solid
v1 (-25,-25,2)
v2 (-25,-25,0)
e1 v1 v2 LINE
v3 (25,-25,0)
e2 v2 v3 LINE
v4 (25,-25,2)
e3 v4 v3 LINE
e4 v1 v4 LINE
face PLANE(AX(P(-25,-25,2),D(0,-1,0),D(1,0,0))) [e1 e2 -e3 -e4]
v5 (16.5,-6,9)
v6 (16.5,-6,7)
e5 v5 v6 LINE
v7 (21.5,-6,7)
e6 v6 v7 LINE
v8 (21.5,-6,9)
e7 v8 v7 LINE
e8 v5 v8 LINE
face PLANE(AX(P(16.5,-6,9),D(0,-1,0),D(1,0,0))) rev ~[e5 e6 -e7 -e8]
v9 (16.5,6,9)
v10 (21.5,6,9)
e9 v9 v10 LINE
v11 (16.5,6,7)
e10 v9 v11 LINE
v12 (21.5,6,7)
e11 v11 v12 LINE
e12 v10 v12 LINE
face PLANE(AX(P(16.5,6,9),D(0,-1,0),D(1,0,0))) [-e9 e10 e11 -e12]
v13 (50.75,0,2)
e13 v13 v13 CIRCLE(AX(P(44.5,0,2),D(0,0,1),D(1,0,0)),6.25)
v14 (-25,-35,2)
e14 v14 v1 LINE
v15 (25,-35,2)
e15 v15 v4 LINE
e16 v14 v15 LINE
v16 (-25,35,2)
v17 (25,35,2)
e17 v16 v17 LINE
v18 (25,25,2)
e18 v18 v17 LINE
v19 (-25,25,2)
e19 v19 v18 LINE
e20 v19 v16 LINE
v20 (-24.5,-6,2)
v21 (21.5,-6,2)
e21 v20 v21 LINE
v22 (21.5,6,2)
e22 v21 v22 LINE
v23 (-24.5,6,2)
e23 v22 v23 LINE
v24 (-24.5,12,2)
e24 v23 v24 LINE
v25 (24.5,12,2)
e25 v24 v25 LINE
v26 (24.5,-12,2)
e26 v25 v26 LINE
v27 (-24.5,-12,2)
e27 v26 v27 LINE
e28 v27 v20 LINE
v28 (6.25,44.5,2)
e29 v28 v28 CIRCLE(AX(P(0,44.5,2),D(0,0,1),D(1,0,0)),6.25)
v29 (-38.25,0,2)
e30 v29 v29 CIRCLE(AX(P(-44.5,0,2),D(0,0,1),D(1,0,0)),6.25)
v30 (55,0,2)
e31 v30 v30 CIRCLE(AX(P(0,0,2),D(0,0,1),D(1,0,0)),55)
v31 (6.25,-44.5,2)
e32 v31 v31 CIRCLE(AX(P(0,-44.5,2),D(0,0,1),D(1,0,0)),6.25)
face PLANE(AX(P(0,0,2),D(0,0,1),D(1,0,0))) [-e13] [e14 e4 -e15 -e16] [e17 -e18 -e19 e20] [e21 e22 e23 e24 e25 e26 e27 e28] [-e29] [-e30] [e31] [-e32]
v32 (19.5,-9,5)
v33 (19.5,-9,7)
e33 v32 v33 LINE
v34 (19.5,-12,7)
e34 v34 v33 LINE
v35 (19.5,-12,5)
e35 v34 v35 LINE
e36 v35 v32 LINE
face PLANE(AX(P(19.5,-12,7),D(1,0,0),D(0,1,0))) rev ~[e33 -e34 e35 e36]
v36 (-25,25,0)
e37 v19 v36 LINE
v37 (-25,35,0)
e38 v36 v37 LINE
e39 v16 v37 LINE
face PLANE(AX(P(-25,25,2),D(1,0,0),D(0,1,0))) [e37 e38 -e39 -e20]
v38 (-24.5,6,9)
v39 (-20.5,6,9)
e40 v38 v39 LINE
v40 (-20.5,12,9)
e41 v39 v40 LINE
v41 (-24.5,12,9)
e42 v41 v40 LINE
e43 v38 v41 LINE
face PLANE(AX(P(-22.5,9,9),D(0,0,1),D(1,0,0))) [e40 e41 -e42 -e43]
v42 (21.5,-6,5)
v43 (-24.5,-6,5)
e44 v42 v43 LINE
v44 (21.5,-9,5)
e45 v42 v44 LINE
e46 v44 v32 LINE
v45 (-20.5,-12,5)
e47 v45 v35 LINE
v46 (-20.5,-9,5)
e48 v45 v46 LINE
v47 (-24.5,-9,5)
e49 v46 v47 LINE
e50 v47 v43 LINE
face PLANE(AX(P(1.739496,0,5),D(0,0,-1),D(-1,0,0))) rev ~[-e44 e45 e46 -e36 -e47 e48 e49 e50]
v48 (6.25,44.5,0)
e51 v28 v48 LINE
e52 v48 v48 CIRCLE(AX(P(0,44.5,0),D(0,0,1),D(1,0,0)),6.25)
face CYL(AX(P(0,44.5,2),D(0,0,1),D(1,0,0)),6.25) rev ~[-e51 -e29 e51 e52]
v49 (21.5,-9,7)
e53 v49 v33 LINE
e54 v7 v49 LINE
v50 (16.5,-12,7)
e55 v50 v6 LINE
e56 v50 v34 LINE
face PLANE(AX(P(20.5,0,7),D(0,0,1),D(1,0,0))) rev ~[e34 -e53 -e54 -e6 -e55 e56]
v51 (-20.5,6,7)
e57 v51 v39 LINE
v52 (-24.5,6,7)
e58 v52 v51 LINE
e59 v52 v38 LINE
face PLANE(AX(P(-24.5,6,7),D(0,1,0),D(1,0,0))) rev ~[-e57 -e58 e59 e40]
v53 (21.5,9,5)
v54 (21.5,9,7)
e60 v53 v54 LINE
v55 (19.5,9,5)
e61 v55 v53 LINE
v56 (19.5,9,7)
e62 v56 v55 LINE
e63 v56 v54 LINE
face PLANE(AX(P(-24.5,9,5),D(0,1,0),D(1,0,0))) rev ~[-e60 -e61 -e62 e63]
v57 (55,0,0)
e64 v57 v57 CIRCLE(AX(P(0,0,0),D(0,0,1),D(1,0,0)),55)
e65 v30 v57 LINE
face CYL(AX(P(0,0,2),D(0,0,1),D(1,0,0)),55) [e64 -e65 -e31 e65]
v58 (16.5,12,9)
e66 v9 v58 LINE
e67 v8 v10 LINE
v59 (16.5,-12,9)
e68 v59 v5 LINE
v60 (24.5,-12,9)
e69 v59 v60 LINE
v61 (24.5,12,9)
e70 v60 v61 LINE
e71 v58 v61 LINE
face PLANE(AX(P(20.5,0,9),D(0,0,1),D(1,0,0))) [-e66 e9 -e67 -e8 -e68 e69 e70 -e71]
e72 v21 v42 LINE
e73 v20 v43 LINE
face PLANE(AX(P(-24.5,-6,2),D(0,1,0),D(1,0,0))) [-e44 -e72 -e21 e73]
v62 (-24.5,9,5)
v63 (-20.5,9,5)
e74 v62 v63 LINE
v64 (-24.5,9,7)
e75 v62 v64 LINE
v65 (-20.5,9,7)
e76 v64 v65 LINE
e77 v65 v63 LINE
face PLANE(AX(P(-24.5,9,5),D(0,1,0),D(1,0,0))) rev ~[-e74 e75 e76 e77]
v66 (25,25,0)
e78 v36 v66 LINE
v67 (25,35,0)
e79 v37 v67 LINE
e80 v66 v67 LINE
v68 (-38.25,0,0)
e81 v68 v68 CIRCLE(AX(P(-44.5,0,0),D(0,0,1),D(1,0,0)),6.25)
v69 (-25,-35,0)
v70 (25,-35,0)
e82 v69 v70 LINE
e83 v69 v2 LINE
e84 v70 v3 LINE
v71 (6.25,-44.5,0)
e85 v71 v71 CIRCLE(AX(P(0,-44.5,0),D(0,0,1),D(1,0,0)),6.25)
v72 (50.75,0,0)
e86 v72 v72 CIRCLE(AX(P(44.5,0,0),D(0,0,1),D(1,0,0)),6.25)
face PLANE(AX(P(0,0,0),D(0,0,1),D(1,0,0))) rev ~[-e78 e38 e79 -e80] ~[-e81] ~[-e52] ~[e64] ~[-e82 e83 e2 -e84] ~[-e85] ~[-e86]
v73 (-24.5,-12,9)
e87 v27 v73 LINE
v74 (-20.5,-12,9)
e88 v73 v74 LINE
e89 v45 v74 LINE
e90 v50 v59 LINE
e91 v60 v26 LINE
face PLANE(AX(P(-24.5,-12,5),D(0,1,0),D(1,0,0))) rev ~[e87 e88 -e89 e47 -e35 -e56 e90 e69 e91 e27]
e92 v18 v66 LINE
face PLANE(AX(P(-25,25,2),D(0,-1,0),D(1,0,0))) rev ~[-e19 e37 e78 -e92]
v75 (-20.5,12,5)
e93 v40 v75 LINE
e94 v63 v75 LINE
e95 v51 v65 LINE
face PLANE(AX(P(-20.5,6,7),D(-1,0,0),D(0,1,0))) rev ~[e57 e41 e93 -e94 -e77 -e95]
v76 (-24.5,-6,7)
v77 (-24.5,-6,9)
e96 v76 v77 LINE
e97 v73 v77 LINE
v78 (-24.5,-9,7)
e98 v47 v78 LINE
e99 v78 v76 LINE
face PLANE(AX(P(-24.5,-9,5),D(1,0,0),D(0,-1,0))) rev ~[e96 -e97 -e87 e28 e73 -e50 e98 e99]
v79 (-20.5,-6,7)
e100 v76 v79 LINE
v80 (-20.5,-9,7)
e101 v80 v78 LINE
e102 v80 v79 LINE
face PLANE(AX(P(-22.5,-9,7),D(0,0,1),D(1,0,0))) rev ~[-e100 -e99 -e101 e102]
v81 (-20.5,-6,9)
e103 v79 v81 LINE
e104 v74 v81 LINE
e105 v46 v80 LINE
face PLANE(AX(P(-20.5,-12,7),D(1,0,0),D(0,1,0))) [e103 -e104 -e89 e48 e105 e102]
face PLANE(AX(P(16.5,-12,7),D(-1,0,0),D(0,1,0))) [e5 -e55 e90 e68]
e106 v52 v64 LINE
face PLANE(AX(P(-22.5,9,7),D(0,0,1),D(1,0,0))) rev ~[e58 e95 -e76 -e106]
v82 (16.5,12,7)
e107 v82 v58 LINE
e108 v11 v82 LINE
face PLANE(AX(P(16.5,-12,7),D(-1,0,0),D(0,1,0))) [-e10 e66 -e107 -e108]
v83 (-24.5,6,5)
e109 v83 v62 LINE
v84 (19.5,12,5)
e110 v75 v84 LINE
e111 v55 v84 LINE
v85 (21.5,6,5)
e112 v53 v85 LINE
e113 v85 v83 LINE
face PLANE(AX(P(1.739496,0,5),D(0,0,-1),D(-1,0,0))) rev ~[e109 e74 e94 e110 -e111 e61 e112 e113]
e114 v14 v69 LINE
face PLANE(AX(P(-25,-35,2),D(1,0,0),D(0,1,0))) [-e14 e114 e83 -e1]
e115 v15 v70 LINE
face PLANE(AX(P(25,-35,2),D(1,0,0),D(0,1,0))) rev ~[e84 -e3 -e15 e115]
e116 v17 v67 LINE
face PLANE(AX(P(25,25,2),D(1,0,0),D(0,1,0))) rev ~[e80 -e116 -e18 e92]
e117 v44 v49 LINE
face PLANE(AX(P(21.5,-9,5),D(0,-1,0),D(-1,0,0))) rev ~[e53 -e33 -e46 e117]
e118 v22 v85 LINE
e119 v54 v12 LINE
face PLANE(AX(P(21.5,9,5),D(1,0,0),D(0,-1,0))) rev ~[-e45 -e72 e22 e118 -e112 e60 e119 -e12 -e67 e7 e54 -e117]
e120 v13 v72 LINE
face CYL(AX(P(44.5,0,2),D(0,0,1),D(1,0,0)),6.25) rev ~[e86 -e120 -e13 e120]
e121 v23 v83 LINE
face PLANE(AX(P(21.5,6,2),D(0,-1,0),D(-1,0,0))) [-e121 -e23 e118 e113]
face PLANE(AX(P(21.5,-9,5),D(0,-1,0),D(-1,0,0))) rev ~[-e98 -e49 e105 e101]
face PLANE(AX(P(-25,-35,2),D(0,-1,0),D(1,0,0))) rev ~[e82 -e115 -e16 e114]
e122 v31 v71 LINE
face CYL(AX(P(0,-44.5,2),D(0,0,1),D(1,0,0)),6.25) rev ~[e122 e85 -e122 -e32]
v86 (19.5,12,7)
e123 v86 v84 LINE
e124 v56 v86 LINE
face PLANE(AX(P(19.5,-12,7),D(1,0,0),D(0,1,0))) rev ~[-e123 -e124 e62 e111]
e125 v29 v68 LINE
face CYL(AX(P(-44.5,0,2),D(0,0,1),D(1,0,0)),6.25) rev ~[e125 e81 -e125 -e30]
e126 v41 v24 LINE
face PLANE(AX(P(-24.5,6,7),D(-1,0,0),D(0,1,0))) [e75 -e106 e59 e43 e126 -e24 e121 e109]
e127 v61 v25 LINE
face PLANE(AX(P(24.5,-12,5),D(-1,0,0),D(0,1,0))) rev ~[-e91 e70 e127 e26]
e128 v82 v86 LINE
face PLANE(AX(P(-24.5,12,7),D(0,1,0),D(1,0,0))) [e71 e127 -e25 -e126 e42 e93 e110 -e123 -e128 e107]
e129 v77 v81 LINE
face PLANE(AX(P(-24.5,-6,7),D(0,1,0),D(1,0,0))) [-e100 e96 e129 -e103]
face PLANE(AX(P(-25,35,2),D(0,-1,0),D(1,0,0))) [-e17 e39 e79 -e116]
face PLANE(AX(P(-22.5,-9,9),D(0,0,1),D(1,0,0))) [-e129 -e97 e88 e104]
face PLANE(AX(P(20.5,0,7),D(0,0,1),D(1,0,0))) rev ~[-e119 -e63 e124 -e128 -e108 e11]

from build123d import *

# Parameters (mm, degrees)
SKETCH4_R            = 59
BOSS_EXTRUDE3_DEPTH  = 2
SKETCH5_R            = 1.375
BOSS_EXTRUDE5_DEPTH  = 7
SKETCH8_R            = 2.375
BOSS_EXTRUDE6_DEPTH  = 2
BOSS_EXTRUDE7_DEPTH  = 18
SKETCH10_R           = 7.5
CUT_EXTRUDE1_DEPTH   = 18
SKETCH12_R           = 57.5
CUT_EXTRUDE2_DEPTH   = 5
CUT_EXTRUDE3_DEPTH   = 5.5
SKETCH14_R           = 44.428135616
CUT_EXTRUDE4_DEPTH   = 32
BOSS_EXTRUDE8_DEPTH  = 3
BOSS_EXTRUDE9_DEPTH  = 2
SKETCH18_W           = 40
SKETCH18_H           = 24
CUT_EXTRUDE5_DEPTH   = 2
SKETCH19_W           = 4
SKETCH19_H           = 6
SKETCH19_W_2         = 8
SKETCH19_H_2         = 24
BOSS_EXTRUDE10_DEPTH = 2
SKETCH20_R           = 71.034408428
SKETCH20_R_2         = 50.972397724
CUT_EXTRUDE6_DEPTH   = 57
SKETCH21_R           = 79.144233261
SKETCH21_R_2         = 57
CUT_EXTRUDE8_DEPTH   = 57
BOSS_EXTRUDE11_DEPTH = 22
SKETCH24_R           = 89.588110905
SKETCH24_R_2         = 57
CUT_EXTRUDE12_DEPTH  = 75
SKETCH25_R           = 63.08525578
SKETCH25_R_2         = 55
CUT_EXTRUDE13_DEPTH  = 10
SKETCH26_R           = 62.71577626
SKETCH26_R_2         = 55
CUT_EXTRUDE14_DEPTH  = 43
SKETCH27_R           = 8.628716001
SKETCH27_R_2         = 7.77122145
SKETCH27_R_3         = 11.532169803
SKETCH27_R_4         = 7.052668864
CUT_EXTRUDE15_DEPTH  = 22
SKETCH28_R           = 55
BOSS_EXTRUDE12_DEPTH = 2
SKETCH29_W           = 5
SKETCH29_H           = 12
CUT_EXTRUDE16_DEPTH  = 3
SKETCH30_R           = 6.25
CUT_EXTRUDE17_DEPTH  = 3
SKETCH31_W           = 50
SKETCH31_H           = 10
CUT_EXTRUDE18_DEPTH  = 3


with BuildPart() as part:
    # Sketch4 → Boss-Extrude3 (new body)
    with BuildSketch(Plane.XY):
        Circle(SKETCH4_R)
    extrude(amount=BOSS_EXTRUDE3_DEPTH)

    # Sketch5 → Boss-Extrude5 (add)
    with BuildSketch(Plane.XY.offset(2)):
        with Locations((-22.5, 27.5)):
            Circle(SKETCH5_R)
        with Locations((22.5, 27.5)):
            Circle(SKETCH5_R)
        with Locations((22.5, -27.5)):
            Circle(SKETCH5_R)
        with Locations((-22.5, -27.5)):
            Circle(SKETCH5_R)
    extrude(amount=BOSS_EXTRUDE5_DEPTH)

    # Sketch8 → Boss-Extrude6 (add)
    with BuildSketch(Plane.XY.offset(2)):
        with Locations((-22.5, 27.5)):
            Circle(SKETCH8_R)
        with Locations((22.5, 27.5)):
            Circle(SKETCH8_R)
        with Locations((-22.5, -27.5)):
            Circle(SKETCH8_R)
        with Locations((22.5, -27.5)):
            Circle(SKETCH8_R)
    extrude(amount=BOSS_EXTRUDE6_DEPTH)

    # Sketch9 → Boss-Extrude7 (add)
    with BuildSketch(Plane.XY.offset(2)):
        with BuildLine():
            ThreePointArc((-4.745762712, 55.798546005), (0, 56), (4.745762712, 55.798546005))
            Line((4.745762712, 55.798546005), (5, 58.787753827))
            ThreePointArc((5, 58.787753827), (0, 59), (-5, 58.787753827))
            Line((-5, 58.787753827), (-4.745762712, 55.798546005))
        make_face()
        with BuildLine():
            Line((-55.798546005, 4.745762712), (-58.787753827, 5))
            ThreePointArc((-58.787753827, 5), (-59, 0), (-58.787753827, -5))
            Line((-58.787753827, -5), (-55.798546005, -4.745762712))
            ThreePointArc((-55.798546005, -4.745762712), (-56, 0), (-55.798546005, 4.745762712))
        make_face()
        with BuildLine():
            ThreePointArc((58.787753827, -5), (59, 0), (58.787753827, 5))
            Line((58.787753827, 5), (55.798546005, 4.745762712))
            ThreePointArc((55.798546005, 4.745762712), (56, 0), (55.798546005, -4.745762712))
            Line((55.798546005, -4.745762712), (58.787753827, -5))
        make_face()
        with BuildLine():
            ThreePointArc((-4.745762712, -55.798546005), (0, -56), (4.745762712, -55.798546005))
            Line((4.745762712, -55.798546005), (5, -58.787753827))
            ThreePointArc((5, -58.787753827), (0, -59), (-5, -58.787753827))
            Line((-5, -58.787753827), (-4.745762712, -55.798546005))
        make_face()
    extrude(amount=BOSS_EXTRUDE7_DEPTH)

    # Sketch10 → Cut-Extrude1 (cut)
    with BuildSketch(Plane.XY.offset(2)):
        with Locations((-40, 0)):
            Circle(SKETCH10_R)
    extrude(amount=-CUT_EXTRUDE1_DEPTH, mode=Mode.SUBTRACT)

    # Sketch12 → Cut-Extrude2 (cut)
    with BuildSketch(Plane.XY.offset(20)):
        Circle(SKETCH12_R)
    extrude(amount=-CUT_EXTRUDE2_DEPTH, mode=Mode.SUBTRACT)

    # Sketch13 → Cut-Extrude3 (cut)
    with BuildSketch(Plane(origin=(0, 0, 0), x_dir=(-1, 0, 0), z_dir=(0, 0, -1))):
        with BuildLine():
            Line((-57.243329786, 4.868644068), (-58.787753827, 5))
            ThreePointArc((-58.787753827, 5), (-59, 0), (-58.787753827, -5))
            Line((-58.787753827, -5), (-57.243329786, -4.868644068))
            ThreePointArc((-57.243329786, -4.868644068), (-57.45, 0), (-57.243329786, 4.868644068))
        make_face()
        with BuildLine():
            ThreePointArc((5, 58.787753827), (0, 59), (-5, 58.787753827))
            Line((-5, 58.787753827), (-4.868644068, 57.243329786))
            ThreePointArc((-4.868644068, 57.243329786), (0, 57.45), (4.868644068, 57.243329786))
            Line((4.868644068, 57.243329786), (5, 58.787753827))
        make_face()
        with BuildLine():
            Line((-4.868644068, -57.243329786), (-5, -58.787753827))
            ThreePointArc((-5, -58.787753827), (0, -59), (5, -58.787753827))
            Line((5, -58.787753827), (4.868644068, -57.243329786))
            ThreePointArc((4.868644068, -57.243329786), (0, -57.45), (-4.868644068, -57.243329786))
        make_face()
        with BuildLine():
            ThreePointArc((58.787753827, -5), (59, 0), (58.787753827, 5))
            Line((58.787753827, 5), (57.243329786, 4.868644068))
            ThreePointArc((57.243329786, 4.868644068), (57.45, 0), (57.243329786, -4.868644068))
            Line((57.243329786, -4.868644068), (58.787753827, -5))
        make_face()
    extrude(amount=-CUT_EXTRUDE3_DEPTH, mode=Mode.SUBTRACT)

    # Sketch14 → Cut-Extrude4 (cut)
    with BuildSketch(Plane.XY.offset(2)):
        Circle(SKETCH14_R)
    extrude(amount=CUT_EXTRUDE4_DEPTH, mode=Mode.SUBTRACT)

    # Sketch15 → Boss-Extrude8 (add)
    with BuildSketch(Plane.XY.offset(2)):
        Polygon((21.5, -6), (21.5, 6), (-24.5, 6), (-24.5, 12), (24.5, 12), (24.5, -12), (-24.5, -12), (-24.5, -6), align=None)
    extrude(amount=BOSS_EXTRUDE8_DEPTH)

    # Sketch17 → Boss-Extrude9 (add)
    with BuildSketch(Plane.XY.offset(5)):
        Polygon((21.5, -9), (-21.5, -9), (-24.5, -9), (-24.5, -12), (24.5, -12), (24.5, 12), (-24.5, 12), (-24.5, 9), (-21.5, 9), (21.5, 9), align=None)
    extrude(amount=BOSS_EXTRUDE9_DEPTH)

    # Sketch18 → Cut-Extrude5 (cut)
    with BuildSketch(Plane.XY.offset(7)):
        with Locations((-0.5, 0)):
            Rectangle(SKETCH18_W, SKETCH18_H)
    extrude(amount=-CUT_EXTRUDE5_DEPTH, mode=Mode.SUBTRACT)

    # Sketch19 → Boss-Extrude10 (add)
    with BuildSketch(Plane.XY.offset(7)):
        with Locations((-22.5, 9)):
            Rectangle(SKETCH19_W, SKETCH19_H)
        with Locations((-22.5, -9)):
            Rectangle(SKETCH19_W, SKETCH19_H)
        with Locations((20.5, 0)):
            Rectangle(SKETCH19_W_2, SKETCH19_H_2)
    extrude(amount=BOSS_EXTRUDE10_DEPTH)

    # Sketch20 → Cut-Extrude6 (cut)
    with BuildSketch(Plane.XY.offset(2)):
        Circle(SKETCH20_R)
        Circle(SKETCH20_R_2, mode=Mode.SUBTRACT)
    extrude(amount=CUT_EXTRUDE6_DEPTH, mode=Mode.SUBTRACT)

    # Sketch21 → Cut-Extrude8 (cut)
    with BuildSketch(Plane.XY.offset(2)):
        Circle(SKETCH21_R)
        Circle(SKETCH21_R_2, mode=Mode.SUBTRACT)
    extrude(amount=-CUT_EXTRUDE8_DEPTH, mode=Mode.SUBTRACT)

    # Sketch23 → Boss-Extrude11 (add)
    with BuildSketch(Plane.XY.offset(2)):
        with BuildLine():
            ThreePointArc((4.98087362, 56.781959265), (2.492821884, 56.945463727), (0, 57))
            ThreePointArc((0, 57), (-2.492821884, 56.945463727), (-4.98087362, 56.781959265))
            Line((-4.98087362, 56.781959265), (-4.631338629, 52.797260369))
            ThreePointArc((-4.631338629, 52.797260369), (0, 53), (4.631338629, 52.797260369))
            Line((4.631338629, 52.797260369), (4.98087362, 56.781959265))
        make_face()
        with BuildLine():
            ThreePointArc((57, 0), (56.945463727, 2.492821884), (56.781959265, 4.98087362))
            Line((56.781959265, 4.98087362), (52.797260369, 4.631338629))
            ThreePointArc((52.797260369, 4.631338629), (53, 0), (52.797260369, -4.631338629))
            Line((52.797260369, -4.631338629), (56.781959265, -4.98087362))
            ThreePointArc((56.781959265, -4.98087362), (56.945463727, -2.492821884), (57, 0))
        make_face()
        with BuildLine():
            ThreePointArc((-52.797260369, 4.631338629), (-53, 0), (-52.797260369, -4.631338629))
            Line((-52.797260369, -4.631338629), (-57, -5))
            Line((-57, -5), (-57, 5))
            Line((-57, 5), (-52.797260369, 4.631338629))
        make_face()
        with BuildLine():
            ThreePointArc((-4.631338629, -52.797260369), (0, -53), (4.631338629, -52.797260369))
            Line((4.631338629, -52.797260369), (5, -57))
            Line((5, -57), (-5, -57))
            Line((-5, -57), (-4.631338629, -52.797260369))
        make_face()
    extrude(amount=BOSS_EXTRUDE11_DEPTH)

    # Sketch24 → Cut-Extrude12 (cut)
    with BuildSketch(Plane.XY.offset(24)):
        Circle(SKETCH24_R)
        Circle(SKETCH24_R_2, mode=Mode.SUBTRACT)
    extrude(amount=-CUT_EXTRUDE12_DEPTH, mode=Mode.SUBTRACT)

    # Sketch25 → Cut-Extrude13 (cut)
    with BuildSketch(Plane.XY.offset(2)):
        Circle(SKETCH25_R)
        Circle(SKETCH25_R_2, mode=Mode.SUBTRACT)
    extrude(amount=-CUT_EXTRUDE13_DEPTH, mode=Mode.SUBTRACT)

    # Sketch26 → Cut-Extrude14 (cut)
    with BuildSketch(Plane(origin=(0, 0, 0), x_dir=(-1, 0, 0), z_dir=(0, 0, -1))):
        Circle(SKETCH26_R)
        Circle(SKETCH26_R_2, mode=Mode.SUBTRACT)
    extrude(amount=-CUT_EXTRUDE14_DEPTH, mode=Mode.SUBTRACT)

    # Sketch27 → Cut-Extrude15 (cut)
    with BuildSketch(Plane.XY.offset(24)):
        with Locations((-55, 0)):
            Circle(SKETCH27_R)
        with Locations((0, -55)):
            Circle(SKETCH27_R_2)
        with Locations((55, 0)):
            Circle(SKETCH27_R_3)
        with Locations((0, 53)):
            Circle(SKETCH27_R_4)
    extrude(amount=-CUT_EXTRUDE15_DEPTH, mode=Mode.SUBTRACT)

    # Sketch28 → Boss-Extrude12 (add)
    with BuildSketch(Plane.XY.offset(2)):
        Circle(SKETCH28_R)
    extrude(amount=-BOSS_EXTRUDE12_DEPTH)

    # Sketch29 → Cut-Extrude16 (cut)
    with BuildSketch(Plane.XY.offset(9)):
        with Locations((19, 0)):
            Rectangle(SKETCH29_W, SKETCH29_H)
    extrude(amount=-CUT_EXTRUDE16_DEPTH, mode=Mode.SUBTRACT)

    # Sketch30 → Cut-Extrude17 (cut)
    with BuildSketch(Plane.XY.offset(2)):
        with Locations((0, 44.5)):
            Circle(SKETCH30_R)
        with Locations((44.5, 0)):
            Circle(SKETCH30_R)
        with Locations((0, -44.5)):
            Circle(SKETCH30_R)
        with Locations((-44.5, 0)):
            Circle(SKETCH30_R)
    extrude(amount=-CUT_EXTRUDE17_DEPTH, mode=Mode.SUBTRACT)

    # Sketch31 → Cut-Extrude18 (cut)
    with BuildSketch(Plane.XY.offset(2)):
        with Locations((0, 30)):
            Rectangle(SKETCH31_W, SKETCH31_H)
        with Locations((0, -30)):
            Rectangle(SKETCH31_W, SKETCH31_H)
    extrude(amount=-CUT_EXTRUDE18_DEPTH, mode=Mode.SUBTRACT)


solid = part.part
